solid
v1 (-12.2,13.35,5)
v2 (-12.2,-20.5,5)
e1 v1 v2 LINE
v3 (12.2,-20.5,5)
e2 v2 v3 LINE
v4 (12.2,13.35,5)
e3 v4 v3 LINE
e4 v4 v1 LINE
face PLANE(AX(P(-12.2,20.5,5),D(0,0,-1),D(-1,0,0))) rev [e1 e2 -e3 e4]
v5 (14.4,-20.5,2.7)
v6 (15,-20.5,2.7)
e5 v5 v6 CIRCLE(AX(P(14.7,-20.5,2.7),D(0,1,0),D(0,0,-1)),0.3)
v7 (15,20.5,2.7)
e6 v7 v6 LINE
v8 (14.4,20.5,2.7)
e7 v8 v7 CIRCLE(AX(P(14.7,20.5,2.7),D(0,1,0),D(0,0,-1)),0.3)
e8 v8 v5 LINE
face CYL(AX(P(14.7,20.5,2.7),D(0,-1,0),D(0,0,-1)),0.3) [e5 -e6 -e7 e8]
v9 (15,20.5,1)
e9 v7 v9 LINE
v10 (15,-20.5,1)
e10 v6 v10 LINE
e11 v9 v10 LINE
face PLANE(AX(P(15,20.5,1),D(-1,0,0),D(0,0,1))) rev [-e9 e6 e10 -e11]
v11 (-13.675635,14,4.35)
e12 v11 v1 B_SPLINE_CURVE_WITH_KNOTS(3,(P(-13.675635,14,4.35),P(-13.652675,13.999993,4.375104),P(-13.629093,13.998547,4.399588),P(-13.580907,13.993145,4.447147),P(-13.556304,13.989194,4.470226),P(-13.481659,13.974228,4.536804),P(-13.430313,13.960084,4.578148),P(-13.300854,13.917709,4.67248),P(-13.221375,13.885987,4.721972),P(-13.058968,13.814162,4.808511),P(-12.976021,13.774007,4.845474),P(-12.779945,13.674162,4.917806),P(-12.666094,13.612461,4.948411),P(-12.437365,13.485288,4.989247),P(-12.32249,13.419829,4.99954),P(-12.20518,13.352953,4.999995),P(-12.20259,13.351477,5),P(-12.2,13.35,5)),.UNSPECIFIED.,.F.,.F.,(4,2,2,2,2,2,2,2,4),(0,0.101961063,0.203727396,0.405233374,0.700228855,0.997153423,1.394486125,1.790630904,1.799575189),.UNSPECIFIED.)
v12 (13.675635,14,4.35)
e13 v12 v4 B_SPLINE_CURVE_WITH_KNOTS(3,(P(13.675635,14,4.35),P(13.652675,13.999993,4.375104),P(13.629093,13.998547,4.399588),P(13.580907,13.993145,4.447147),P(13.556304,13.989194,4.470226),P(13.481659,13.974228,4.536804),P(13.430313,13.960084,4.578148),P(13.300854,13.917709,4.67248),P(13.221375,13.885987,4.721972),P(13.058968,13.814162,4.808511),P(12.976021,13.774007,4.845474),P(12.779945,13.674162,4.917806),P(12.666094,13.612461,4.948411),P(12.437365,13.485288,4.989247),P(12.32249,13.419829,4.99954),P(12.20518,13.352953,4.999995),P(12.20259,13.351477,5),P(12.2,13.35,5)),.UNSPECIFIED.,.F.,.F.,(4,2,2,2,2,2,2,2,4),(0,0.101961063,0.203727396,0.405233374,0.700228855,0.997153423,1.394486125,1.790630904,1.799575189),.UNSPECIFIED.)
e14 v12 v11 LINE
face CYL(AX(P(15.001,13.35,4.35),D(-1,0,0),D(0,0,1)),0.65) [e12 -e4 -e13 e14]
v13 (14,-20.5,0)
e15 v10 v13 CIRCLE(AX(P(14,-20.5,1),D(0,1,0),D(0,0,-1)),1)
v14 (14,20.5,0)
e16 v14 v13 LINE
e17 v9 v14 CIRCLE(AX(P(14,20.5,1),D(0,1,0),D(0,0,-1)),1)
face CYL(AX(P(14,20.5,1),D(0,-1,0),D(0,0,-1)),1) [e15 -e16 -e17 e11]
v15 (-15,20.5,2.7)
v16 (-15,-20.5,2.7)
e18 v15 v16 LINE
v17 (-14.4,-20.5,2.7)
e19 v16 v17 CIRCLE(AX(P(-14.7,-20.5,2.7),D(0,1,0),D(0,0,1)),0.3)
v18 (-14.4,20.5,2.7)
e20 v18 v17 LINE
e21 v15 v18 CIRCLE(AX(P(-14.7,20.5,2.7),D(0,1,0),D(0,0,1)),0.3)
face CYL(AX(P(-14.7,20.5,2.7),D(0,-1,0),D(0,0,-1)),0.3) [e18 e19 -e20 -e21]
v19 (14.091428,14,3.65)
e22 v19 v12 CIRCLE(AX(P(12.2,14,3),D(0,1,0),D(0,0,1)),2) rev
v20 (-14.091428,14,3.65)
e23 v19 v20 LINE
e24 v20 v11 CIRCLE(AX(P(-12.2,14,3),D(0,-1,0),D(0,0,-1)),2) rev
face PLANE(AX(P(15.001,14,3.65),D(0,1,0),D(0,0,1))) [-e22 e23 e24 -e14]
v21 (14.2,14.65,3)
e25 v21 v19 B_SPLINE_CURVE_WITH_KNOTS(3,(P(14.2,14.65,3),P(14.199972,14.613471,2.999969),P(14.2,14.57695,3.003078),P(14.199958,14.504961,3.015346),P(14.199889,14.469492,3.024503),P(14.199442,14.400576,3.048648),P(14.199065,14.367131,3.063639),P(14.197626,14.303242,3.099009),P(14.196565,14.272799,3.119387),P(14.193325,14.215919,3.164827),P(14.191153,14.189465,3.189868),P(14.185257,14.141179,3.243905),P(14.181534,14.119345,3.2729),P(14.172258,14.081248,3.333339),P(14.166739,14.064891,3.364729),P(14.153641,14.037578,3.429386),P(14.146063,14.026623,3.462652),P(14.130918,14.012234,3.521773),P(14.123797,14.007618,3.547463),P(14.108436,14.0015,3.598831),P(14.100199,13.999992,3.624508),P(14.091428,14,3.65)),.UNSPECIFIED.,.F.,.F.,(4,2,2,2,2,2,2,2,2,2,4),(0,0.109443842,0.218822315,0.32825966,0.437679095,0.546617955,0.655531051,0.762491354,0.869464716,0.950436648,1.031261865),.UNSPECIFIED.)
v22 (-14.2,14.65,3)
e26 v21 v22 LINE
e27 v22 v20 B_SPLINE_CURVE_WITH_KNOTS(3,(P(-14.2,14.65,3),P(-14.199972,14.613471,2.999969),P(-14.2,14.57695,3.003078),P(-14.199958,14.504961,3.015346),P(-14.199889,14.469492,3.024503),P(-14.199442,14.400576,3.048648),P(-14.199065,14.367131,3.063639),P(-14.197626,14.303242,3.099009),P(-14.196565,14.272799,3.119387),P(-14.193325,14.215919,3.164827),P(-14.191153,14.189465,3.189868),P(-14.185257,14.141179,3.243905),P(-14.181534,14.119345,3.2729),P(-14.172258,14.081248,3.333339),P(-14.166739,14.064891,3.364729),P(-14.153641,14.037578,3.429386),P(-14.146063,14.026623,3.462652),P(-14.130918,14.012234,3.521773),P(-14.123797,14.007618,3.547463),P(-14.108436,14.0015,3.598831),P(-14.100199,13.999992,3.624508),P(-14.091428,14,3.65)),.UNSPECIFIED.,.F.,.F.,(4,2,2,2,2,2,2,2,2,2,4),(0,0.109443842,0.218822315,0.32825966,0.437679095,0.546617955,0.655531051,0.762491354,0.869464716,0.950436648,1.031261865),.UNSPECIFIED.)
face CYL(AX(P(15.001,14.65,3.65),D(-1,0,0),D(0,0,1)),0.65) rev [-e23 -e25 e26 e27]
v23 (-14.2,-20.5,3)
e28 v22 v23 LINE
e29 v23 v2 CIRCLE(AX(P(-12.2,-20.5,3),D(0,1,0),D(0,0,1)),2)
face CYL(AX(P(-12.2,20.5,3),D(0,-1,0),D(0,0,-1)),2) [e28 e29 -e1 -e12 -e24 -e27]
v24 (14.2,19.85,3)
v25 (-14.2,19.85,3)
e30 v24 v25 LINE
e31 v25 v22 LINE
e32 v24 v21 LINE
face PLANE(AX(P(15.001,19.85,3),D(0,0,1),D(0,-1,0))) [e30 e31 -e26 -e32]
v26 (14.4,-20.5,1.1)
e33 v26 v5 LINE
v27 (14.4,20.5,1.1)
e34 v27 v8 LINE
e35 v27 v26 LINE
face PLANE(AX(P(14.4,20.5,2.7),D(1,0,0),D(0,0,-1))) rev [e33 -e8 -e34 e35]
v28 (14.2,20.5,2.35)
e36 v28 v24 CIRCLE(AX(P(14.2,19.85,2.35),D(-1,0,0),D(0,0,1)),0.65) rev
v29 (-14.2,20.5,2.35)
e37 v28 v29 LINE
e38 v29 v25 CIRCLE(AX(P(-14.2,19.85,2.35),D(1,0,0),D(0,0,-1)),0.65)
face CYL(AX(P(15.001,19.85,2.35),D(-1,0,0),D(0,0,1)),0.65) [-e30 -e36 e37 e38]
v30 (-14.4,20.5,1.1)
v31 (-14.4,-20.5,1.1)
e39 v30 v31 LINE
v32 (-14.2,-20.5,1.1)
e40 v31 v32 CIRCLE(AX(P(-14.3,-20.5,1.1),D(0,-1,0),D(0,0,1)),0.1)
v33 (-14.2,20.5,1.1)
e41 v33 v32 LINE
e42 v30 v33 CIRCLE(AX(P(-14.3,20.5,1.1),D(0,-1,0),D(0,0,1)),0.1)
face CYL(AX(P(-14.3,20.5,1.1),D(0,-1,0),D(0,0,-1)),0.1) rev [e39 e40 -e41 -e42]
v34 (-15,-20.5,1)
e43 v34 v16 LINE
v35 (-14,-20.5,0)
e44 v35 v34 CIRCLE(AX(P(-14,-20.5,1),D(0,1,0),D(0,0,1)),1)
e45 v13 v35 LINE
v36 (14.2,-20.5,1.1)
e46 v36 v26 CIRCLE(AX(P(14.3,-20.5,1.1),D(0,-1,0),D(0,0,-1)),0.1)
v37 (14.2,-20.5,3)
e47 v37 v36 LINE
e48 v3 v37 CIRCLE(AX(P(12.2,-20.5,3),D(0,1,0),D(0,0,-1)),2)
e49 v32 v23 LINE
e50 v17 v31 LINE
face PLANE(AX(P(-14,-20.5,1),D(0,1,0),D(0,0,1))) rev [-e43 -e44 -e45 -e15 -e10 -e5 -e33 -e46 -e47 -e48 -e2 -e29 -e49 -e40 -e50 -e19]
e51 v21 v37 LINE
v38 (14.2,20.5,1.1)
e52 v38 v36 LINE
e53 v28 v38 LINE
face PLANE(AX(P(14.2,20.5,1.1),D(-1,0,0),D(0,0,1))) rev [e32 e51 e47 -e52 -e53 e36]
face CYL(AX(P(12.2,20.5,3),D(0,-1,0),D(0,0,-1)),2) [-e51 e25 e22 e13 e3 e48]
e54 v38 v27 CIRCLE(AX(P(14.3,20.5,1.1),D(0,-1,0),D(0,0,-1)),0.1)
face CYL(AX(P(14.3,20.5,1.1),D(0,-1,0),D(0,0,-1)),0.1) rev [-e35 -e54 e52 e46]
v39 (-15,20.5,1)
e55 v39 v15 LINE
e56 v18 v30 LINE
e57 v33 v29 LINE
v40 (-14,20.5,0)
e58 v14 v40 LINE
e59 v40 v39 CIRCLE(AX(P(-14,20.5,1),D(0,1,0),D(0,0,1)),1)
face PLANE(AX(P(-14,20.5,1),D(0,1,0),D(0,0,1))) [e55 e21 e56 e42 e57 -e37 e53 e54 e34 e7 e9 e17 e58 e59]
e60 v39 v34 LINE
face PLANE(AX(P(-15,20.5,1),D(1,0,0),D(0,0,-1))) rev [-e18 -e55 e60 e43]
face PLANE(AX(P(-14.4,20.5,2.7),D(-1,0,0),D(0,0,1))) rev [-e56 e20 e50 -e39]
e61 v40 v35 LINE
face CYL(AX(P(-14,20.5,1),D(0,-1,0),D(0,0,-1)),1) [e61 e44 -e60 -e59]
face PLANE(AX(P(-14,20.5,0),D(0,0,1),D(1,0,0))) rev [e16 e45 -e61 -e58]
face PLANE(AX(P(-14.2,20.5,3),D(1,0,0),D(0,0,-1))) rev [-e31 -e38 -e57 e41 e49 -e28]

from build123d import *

# Parameters (mm, degrees)
EXTRUDE_1_DEPTH                 = 20.5
CUT_EXTRUDE_1_REACH             = 27.889
CUT_EXTRUDE_1_DIRECTION_2_REACH = 27.889


with BuildPart() as part:
    # Эскиз1 → Бобышка-Вытянуть1 (new, symmetric)
    with BuildSketch(Plane(origin=(0, 0, 0), x_dir=(1, 0, 0), z_dir=(0, 1, 0))):
        with BuildLine():
            Line((-14, 0), (14, 0))
            ThreePointArc((14, 0), (14.707106781, -0.292893219), (15, -1))
            Line((15, -1), (15, -2.7))
            ThreePointArc((15, -2.7), (14.7, -3), (14.4, -2.7))
            Line((14.4, -2.7), (14.4, -1.1))
            ThreePointArc((14.4, -1.1), (14.3, -1), (14.2, -1.1))
            Line((14.2, -1.1), (14.2, -3))
            ThreePointArc((14.2, -3), (13.614213562, -4.414213562), (12.2, -5))
            Line((12.2, -5), (-12.2, -5))
            ThreePointArc((-12.2, -5), (-13.614213562, -4.414213562), (-14.2, -3))
            Line((-14.2, -3), (-14.2, -1.1))
            ThreePointArc((-14.2, -1.1), (-14.3, -1), (-14.4, -1.1))
            Line((-14.4, -1.1), (-14.4, -2.7))
            ThreePointArc((-14.4, -2.7), (-14.7, -3), (-15, -2.7))
            Line((-15, -2.7), (-15, -1))
            ThreePointArc((-15, -1), (-14.707106781, -0.292893219), (-14, 0))
        make_face()
    extrude(amount=EXTRUDE_1_DEPTH, both=True)

    # Эскиз2 → Вырез-Вытянуть1 (cut, up to next)
    with BuildSketch(Plane(origin=(0, 0, 0), x_dir=(0, 0, -1), z_dir=(1, 0, 0)), mode=Mode.PRIVATE) as cut_extrude_1_sk1:
        with BuildLine():
            Line((-3, 19.85), (-3, 14.65))
            ThreePointArc((-3, 14.65), (-3.190380592, 14.190380592), (-3.65, 14))
            Line((-3.65, 14), (-4.35, 14))
            ThreePointArc((-4.35, 14), (-4.809619408, 13.809619408), (-5, 13.35))
            Line((-5, 13.35), (-5, 20.5))
            Line((-5, 20.5), (-2.35, 20.5))
            ThreePointArc((-2.35, 20.5), (-2.809619408, 20.309619408), (-3, 19.85))
        make_face()
    cut_extrude_1_tool1 = extrude(cut_extrude_1_sk1.sketch, amount=-CUT_EXTRUDE_1_REACH, mode=Mode.PRIVATE) & part.part
    add(cut_extrude_1_tool1.solids().sort_by_distance((0, 17.269493, 4.003909))[0], mode=Mode.SUBTRACT)

    # Эскиз2 → Вырез-Вытянуть1 direction 2 (cut, up to next)
    with BuildSketch(Plane(origin=(0, 0, 0), x_dir=(0, 0, -1), z_dir=(1, 0, 0)), mode=Mode.PRIVATE) as cut_extrude_1_direction_2_sk1:
        with BuildLine():
            Line((-3, 19.85), (-3, 14.65))
            ThreePointArc((-3, 14.65), (-3.190380592, 14.190380592), (-3.65, 14))
            Line((-3.65, 14), (-4.35, 14))
            ThreePointArc((-4.35, 14), (-4.809619408, 13.809619408), (-5, 13.35))
            Line((-5, 13.35), (-5, 20.5))
            Line((-5, 20.5), (-2.35, 20.5))
            ThreePointArc((-2.35, 20.5), (-2.809619408, 20.309619408), (-3, 19.85))
        make_face()
    cut_extrude_1_direction_2_tool1 = extrude(cut_extrude_1_direction_2_sk1.sketch, amount=CUT_EXTRUDE_1_DIRECTION_2_REACH, mode=Mode.PRIVATE) & part.part
    add(cut_extrude_1_direction_2_tool1.solids().sort_by_distance((0, 17.269493, 4.003909))[0], mode=Mode.SUBTRACT)


solid = part.part
